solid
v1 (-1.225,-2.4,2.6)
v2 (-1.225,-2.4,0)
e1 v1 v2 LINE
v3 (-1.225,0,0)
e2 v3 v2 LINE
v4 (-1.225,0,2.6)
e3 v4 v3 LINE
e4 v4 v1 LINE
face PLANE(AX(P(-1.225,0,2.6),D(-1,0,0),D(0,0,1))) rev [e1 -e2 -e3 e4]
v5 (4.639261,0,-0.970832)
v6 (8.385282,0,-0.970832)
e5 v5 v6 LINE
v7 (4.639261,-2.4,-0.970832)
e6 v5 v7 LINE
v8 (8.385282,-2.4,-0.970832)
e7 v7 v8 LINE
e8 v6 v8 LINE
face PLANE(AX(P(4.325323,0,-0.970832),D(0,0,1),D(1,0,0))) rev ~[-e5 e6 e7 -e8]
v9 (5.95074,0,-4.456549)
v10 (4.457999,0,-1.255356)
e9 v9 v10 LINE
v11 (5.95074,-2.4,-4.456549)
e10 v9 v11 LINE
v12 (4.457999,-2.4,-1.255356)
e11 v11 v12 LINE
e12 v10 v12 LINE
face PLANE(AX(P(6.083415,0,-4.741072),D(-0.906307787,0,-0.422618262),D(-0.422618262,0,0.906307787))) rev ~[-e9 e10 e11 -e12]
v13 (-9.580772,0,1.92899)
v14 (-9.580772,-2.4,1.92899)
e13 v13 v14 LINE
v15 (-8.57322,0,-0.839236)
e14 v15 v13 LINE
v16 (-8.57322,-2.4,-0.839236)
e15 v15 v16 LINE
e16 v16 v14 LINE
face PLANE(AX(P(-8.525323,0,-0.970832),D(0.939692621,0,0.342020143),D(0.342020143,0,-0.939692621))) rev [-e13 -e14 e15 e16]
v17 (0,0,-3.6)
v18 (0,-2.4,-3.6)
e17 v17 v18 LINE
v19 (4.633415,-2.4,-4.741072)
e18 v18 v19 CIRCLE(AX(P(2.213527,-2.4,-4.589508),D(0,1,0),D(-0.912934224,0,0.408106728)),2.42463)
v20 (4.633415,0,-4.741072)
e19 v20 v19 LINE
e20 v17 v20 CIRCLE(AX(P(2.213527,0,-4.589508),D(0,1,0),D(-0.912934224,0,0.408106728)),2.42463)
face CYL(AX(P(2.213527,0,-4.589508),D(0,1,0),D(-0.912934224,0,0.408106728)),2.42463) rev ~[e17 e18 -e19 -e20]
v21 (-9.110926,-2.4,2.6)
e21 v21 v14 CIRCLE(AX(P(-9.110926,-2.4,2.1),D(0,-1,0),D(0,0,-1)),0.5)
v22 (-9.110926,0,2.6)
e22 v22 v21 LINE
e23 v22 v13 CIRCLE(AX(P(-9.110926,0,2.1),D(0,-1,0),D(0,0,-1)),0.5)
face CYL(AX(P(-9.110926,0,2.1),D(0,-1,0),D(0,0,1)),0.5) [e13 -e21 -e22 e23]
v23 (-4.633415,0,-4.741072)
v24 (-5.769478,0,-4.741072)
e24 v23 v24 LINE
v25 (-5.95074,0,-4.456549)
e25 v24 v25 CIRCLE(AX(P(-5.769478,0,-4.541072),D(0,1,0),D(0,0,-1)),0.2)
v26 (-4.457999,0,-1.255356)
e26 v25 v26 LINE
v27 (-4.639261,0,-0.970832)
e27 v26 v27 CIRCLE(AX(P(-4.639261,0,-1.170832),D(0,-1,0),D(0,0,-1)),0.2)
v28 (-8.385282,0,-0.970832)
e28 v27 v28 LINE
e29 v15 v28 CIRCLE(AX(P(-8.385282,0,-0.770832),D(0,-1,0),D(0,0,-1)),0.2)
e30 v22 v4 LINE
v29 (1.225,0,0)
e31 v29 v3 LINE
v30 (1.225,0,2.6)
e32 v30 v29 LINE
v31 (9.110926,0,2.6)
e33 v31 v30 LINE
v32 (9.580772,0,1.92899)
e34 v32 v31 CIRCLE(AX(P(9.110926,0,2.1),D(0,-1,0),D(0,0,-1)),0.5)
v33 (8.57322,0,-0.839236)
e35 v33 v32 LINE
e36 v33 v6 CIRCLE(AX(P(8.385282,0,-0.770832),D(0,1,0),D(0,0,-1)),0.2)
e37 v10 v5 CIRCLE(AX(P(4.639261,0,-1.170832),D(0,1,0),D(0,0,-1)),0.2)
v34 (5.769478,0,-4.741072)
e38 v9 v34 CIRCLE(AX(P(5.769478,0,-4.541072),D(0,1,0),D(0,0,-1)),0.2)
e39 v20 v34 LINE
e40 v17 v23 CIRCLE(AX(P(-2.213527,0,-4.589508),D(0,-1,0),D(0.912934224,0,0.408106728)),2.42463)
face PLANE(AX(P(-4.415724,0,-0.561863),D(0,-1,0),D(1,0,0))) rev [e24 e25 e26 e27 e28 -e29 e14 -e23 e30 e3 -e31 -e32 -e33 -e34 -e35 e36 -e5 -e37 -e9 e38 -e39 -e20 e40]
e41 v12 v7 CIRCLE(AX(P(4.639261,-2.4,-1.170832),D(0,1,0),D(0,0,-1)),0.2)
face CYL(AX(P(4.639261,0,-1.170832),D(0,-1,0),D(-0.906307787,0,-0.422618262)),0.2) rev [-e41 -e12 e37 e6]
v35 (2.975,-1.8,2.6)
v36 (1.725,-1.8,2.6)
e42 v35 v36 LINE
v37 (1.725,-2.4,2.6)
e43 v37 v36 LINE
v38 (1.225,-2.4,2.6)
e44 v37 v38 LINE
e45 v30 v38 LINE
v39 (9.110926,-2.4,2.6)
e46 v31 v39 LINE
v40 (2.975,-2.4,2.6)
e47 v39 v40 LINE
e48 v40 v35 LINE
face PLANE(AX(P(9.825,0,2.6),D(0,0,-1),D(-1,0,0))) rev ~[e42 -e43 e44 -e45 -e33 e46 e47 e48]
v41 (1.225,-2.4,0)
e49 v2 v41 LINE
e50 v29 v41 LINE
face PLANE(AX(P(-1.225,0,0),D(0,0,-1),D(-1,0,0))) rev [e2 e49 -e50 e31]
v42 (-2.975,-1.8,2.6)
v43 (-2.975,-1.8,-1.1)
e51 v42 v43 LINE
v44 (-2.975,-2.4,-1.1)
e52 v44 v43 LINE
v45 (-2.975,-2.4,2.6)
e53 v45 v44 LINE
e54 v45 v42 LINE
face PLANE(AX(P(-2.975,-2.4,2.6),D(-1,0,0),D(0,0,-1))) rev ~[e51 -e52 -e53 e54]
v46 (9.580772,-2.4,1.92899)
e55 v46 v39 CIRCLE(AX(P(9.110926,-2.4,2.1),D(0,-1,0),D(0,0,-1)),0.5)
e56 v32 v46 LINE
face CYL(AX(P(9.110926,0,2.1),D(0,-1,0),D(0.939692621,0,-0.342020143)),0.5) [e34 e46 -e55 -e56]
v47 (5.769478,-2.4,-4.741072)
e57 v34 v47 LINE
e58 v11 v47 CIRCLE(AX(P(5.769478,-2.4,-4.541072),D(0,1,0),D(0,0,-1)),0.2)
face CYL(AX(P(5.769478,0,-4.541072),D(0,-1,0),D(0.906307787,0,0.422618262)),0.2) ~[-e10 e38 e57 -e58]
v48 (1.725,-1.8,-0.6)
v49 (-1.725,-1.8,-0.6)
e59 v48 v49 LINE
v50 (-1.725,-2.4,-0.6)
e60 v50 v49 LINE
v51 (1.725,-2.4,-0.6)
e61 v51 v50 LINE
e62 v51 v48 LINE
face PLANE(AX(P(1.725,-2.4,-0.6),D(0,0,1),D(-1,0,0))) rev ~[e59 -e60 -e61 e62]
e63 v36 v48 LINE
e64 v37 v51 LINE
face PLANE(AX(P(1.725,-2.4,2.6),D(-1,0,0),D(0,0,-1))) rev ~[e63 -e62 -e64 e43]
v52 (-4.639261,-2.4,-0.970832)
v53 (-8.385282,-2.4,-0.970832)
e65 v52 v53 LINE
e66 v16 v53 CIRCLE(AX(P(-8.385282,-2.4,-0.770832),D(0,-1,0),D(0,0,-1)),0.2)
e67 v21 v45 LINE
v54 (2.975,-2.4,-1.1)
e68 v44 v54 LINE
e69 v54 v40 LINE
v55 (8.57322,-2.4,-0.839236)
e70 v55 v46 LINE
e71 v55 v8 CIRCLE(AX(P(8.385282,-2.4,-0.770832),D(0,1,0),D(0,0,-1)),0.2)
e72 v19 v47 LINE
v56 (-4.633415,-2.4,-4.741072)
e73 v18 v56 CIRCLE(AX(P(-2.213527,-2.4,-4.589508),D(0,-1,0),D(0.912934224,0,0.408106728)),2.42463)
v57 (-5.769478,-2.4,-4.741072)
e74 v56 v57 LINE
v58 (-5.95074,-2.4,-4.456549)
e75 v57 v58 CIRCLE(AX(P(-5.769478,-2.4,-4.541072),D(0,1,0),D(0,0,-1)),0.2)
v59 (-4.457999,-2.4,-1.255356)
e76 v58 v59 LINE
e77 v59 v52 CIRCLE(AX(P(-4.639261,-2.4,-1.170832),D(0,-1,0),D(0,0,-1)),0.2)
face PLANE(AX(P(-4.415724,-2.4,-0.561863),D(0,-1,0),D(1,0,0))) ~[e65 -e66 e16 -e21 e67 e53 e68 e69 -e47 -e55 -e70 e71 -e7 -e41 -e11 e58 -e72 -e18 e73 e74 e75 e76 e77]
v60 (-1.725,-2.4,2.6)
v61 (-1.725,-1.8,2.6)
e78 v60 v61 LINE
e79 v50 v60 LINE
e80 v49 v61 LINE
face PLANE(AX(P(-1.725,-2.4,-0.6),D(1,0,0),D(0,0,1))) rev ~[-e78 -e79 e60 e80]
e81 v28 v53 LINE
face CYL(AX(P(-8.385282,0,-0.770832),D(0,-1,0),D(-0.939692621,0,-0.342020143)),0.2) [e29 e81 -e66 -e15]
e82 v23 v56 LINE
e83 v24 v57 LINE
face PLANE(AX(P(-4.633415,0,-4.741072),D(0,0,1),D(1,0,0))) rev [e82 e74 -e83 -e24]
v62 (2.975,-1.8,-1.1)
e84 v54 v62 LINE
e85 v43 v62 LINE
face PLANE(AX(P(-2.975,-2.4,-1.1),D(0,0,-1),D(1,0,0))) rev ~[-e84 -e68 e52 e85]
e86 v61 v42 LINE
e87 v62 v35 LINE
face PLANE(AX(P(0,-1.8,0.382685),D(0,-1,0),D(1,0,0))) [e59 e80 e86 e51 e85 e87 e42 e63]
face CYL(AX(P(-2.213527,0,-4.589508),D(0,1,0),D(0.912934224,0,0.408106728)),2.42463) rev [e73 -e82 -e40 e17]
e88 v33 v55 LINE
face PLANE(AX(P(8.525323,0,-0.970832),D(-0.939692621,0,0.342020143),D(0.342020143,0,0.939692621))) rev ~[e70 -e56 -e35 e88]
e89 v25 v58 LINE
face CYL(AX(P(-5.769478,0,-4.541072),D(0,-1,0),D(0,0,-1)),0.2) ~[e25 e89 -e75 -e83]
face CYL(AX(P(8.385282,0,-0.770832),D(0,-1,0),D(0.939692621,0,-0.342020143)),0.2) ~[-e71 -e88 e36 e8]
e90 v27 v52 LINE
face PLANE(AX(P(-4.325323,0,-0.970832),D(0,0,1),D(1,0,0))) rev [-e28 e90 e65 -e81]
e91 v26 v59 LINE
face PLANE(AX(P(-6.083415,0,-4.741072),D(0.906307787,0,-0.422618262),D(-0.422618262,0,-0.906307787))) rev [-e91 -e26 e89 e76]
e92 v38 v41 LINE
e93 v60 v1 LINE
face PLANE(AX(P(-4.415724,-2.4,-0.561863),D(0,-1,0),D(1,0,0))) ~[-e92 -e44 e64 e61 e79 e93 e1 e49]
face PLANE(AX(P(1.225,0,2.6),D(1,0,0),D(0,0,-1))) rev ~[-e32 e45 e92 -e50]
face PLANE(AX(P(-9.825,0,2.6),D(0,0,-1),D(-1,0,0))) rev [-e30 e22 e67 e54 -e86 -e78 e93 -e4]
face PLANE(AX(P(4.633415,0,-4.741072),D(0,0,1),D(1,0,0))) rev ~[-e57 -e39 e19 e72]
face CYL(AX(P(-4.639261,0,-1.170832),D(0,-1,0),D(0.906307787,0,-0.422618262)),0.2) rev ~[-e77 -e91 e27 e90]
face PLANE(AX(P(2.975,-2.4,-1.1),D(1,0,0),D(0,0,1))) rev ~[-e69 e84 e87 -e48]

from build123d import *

# Parameters (mm, degrees)
F1_DEPTH = 2.4
F3_R     = 0.5
F4_R     = 0.2
F5_R     = 0.2
F6_R     = 0.2
F8_DEPTH = 0.6


with BuildPart() as f1:
    # F0 (on Front) → F1 (new body)
    with BuildSketch(Plane.XZ):
        with BuildLine():
            Line((1.225, 0), (0, 0))
            Line((0, 0), (0, -3.6))
            ThreePointArc((0, -3.6), (2.79331856, -2.235219763), (4.6334154242, -4.7410723531))
            Line((4.6334154242, -4.7410723531), (6.0834154242, -4.7410723531))
            Line((6.0834154242, -4.7410723531), (4.3253234554, -0.970831959))
            Line((4.3253234554, -0.970831959), (8.5253234554, -0.970831959))
            Line((8.5253234554, -0.970831959), (9.825, 2.6))
            Line((9.825, 2.6), (1.225, 2.6))
            Line((1.225, 2.6), (1.225, 0))
        make_face()
    extrude(amount=F1_DEPTH)

    # F2: F1 across face


with BuildPart() as f1_1:
    add(f1.part)
    add(f1.part.mirror(Plane(origin=(0, -1.2, -1.8), x_dir=(0, -1, 0), z_dir=(-1, 0, 0))))

    # F3
    f3_edges = [f1_1.edges().sort_by_distance(p)[0] for p in [
        (-9.825, -1.2, 2.6),
        (9.825, -1.2, 2.6),
    ]]
    fillet(f3_edges, radius=F3_R)

    # F4
    f4_edges = [f1_1.edges().sort_by_distance(p)[0] for p in [
        (-8.525323, -1.2, -0.970832),
        (8.525323, -1.2, -0.970832),
    ]]
    fillet(f4_edges, radius=F4_R)

    # F5
    f5_edges = [f1_1.edges().sort_by_distance(p)[0] for p in [
        (-6.083415, -1.2, -4.741072),
        (6.083415, -1.2, -4.741072),
    ]]
    fillet(f5_edges, radius=F5_R)

    # F6
    f6_edges = [f1_1.edges().sort_by_distance(p)[0] for p in [
        (-4.325323, -1.2, -0.970832),
        (4.325323, -1.2, -0.970832),
    ]]
    fillet(f6_edges, radius=F6_R)

    # F7 (on face) → F8 (cut)
    with BuildSketch(Plane.XZ.offset(2.4)):
        Polygon((1.725, -0.6), (-1.725, -0.6), (-1.725, 2.6), (-2.975, 2.6), (-2.975, -1.1), (2.975, -1.1), (2.975, 2.6), (1.725, 2.6), align=None)
    extrude(amount=-F8_DEPTH, mode=Mode.SUBTRACT)


solid = f1_1.part
